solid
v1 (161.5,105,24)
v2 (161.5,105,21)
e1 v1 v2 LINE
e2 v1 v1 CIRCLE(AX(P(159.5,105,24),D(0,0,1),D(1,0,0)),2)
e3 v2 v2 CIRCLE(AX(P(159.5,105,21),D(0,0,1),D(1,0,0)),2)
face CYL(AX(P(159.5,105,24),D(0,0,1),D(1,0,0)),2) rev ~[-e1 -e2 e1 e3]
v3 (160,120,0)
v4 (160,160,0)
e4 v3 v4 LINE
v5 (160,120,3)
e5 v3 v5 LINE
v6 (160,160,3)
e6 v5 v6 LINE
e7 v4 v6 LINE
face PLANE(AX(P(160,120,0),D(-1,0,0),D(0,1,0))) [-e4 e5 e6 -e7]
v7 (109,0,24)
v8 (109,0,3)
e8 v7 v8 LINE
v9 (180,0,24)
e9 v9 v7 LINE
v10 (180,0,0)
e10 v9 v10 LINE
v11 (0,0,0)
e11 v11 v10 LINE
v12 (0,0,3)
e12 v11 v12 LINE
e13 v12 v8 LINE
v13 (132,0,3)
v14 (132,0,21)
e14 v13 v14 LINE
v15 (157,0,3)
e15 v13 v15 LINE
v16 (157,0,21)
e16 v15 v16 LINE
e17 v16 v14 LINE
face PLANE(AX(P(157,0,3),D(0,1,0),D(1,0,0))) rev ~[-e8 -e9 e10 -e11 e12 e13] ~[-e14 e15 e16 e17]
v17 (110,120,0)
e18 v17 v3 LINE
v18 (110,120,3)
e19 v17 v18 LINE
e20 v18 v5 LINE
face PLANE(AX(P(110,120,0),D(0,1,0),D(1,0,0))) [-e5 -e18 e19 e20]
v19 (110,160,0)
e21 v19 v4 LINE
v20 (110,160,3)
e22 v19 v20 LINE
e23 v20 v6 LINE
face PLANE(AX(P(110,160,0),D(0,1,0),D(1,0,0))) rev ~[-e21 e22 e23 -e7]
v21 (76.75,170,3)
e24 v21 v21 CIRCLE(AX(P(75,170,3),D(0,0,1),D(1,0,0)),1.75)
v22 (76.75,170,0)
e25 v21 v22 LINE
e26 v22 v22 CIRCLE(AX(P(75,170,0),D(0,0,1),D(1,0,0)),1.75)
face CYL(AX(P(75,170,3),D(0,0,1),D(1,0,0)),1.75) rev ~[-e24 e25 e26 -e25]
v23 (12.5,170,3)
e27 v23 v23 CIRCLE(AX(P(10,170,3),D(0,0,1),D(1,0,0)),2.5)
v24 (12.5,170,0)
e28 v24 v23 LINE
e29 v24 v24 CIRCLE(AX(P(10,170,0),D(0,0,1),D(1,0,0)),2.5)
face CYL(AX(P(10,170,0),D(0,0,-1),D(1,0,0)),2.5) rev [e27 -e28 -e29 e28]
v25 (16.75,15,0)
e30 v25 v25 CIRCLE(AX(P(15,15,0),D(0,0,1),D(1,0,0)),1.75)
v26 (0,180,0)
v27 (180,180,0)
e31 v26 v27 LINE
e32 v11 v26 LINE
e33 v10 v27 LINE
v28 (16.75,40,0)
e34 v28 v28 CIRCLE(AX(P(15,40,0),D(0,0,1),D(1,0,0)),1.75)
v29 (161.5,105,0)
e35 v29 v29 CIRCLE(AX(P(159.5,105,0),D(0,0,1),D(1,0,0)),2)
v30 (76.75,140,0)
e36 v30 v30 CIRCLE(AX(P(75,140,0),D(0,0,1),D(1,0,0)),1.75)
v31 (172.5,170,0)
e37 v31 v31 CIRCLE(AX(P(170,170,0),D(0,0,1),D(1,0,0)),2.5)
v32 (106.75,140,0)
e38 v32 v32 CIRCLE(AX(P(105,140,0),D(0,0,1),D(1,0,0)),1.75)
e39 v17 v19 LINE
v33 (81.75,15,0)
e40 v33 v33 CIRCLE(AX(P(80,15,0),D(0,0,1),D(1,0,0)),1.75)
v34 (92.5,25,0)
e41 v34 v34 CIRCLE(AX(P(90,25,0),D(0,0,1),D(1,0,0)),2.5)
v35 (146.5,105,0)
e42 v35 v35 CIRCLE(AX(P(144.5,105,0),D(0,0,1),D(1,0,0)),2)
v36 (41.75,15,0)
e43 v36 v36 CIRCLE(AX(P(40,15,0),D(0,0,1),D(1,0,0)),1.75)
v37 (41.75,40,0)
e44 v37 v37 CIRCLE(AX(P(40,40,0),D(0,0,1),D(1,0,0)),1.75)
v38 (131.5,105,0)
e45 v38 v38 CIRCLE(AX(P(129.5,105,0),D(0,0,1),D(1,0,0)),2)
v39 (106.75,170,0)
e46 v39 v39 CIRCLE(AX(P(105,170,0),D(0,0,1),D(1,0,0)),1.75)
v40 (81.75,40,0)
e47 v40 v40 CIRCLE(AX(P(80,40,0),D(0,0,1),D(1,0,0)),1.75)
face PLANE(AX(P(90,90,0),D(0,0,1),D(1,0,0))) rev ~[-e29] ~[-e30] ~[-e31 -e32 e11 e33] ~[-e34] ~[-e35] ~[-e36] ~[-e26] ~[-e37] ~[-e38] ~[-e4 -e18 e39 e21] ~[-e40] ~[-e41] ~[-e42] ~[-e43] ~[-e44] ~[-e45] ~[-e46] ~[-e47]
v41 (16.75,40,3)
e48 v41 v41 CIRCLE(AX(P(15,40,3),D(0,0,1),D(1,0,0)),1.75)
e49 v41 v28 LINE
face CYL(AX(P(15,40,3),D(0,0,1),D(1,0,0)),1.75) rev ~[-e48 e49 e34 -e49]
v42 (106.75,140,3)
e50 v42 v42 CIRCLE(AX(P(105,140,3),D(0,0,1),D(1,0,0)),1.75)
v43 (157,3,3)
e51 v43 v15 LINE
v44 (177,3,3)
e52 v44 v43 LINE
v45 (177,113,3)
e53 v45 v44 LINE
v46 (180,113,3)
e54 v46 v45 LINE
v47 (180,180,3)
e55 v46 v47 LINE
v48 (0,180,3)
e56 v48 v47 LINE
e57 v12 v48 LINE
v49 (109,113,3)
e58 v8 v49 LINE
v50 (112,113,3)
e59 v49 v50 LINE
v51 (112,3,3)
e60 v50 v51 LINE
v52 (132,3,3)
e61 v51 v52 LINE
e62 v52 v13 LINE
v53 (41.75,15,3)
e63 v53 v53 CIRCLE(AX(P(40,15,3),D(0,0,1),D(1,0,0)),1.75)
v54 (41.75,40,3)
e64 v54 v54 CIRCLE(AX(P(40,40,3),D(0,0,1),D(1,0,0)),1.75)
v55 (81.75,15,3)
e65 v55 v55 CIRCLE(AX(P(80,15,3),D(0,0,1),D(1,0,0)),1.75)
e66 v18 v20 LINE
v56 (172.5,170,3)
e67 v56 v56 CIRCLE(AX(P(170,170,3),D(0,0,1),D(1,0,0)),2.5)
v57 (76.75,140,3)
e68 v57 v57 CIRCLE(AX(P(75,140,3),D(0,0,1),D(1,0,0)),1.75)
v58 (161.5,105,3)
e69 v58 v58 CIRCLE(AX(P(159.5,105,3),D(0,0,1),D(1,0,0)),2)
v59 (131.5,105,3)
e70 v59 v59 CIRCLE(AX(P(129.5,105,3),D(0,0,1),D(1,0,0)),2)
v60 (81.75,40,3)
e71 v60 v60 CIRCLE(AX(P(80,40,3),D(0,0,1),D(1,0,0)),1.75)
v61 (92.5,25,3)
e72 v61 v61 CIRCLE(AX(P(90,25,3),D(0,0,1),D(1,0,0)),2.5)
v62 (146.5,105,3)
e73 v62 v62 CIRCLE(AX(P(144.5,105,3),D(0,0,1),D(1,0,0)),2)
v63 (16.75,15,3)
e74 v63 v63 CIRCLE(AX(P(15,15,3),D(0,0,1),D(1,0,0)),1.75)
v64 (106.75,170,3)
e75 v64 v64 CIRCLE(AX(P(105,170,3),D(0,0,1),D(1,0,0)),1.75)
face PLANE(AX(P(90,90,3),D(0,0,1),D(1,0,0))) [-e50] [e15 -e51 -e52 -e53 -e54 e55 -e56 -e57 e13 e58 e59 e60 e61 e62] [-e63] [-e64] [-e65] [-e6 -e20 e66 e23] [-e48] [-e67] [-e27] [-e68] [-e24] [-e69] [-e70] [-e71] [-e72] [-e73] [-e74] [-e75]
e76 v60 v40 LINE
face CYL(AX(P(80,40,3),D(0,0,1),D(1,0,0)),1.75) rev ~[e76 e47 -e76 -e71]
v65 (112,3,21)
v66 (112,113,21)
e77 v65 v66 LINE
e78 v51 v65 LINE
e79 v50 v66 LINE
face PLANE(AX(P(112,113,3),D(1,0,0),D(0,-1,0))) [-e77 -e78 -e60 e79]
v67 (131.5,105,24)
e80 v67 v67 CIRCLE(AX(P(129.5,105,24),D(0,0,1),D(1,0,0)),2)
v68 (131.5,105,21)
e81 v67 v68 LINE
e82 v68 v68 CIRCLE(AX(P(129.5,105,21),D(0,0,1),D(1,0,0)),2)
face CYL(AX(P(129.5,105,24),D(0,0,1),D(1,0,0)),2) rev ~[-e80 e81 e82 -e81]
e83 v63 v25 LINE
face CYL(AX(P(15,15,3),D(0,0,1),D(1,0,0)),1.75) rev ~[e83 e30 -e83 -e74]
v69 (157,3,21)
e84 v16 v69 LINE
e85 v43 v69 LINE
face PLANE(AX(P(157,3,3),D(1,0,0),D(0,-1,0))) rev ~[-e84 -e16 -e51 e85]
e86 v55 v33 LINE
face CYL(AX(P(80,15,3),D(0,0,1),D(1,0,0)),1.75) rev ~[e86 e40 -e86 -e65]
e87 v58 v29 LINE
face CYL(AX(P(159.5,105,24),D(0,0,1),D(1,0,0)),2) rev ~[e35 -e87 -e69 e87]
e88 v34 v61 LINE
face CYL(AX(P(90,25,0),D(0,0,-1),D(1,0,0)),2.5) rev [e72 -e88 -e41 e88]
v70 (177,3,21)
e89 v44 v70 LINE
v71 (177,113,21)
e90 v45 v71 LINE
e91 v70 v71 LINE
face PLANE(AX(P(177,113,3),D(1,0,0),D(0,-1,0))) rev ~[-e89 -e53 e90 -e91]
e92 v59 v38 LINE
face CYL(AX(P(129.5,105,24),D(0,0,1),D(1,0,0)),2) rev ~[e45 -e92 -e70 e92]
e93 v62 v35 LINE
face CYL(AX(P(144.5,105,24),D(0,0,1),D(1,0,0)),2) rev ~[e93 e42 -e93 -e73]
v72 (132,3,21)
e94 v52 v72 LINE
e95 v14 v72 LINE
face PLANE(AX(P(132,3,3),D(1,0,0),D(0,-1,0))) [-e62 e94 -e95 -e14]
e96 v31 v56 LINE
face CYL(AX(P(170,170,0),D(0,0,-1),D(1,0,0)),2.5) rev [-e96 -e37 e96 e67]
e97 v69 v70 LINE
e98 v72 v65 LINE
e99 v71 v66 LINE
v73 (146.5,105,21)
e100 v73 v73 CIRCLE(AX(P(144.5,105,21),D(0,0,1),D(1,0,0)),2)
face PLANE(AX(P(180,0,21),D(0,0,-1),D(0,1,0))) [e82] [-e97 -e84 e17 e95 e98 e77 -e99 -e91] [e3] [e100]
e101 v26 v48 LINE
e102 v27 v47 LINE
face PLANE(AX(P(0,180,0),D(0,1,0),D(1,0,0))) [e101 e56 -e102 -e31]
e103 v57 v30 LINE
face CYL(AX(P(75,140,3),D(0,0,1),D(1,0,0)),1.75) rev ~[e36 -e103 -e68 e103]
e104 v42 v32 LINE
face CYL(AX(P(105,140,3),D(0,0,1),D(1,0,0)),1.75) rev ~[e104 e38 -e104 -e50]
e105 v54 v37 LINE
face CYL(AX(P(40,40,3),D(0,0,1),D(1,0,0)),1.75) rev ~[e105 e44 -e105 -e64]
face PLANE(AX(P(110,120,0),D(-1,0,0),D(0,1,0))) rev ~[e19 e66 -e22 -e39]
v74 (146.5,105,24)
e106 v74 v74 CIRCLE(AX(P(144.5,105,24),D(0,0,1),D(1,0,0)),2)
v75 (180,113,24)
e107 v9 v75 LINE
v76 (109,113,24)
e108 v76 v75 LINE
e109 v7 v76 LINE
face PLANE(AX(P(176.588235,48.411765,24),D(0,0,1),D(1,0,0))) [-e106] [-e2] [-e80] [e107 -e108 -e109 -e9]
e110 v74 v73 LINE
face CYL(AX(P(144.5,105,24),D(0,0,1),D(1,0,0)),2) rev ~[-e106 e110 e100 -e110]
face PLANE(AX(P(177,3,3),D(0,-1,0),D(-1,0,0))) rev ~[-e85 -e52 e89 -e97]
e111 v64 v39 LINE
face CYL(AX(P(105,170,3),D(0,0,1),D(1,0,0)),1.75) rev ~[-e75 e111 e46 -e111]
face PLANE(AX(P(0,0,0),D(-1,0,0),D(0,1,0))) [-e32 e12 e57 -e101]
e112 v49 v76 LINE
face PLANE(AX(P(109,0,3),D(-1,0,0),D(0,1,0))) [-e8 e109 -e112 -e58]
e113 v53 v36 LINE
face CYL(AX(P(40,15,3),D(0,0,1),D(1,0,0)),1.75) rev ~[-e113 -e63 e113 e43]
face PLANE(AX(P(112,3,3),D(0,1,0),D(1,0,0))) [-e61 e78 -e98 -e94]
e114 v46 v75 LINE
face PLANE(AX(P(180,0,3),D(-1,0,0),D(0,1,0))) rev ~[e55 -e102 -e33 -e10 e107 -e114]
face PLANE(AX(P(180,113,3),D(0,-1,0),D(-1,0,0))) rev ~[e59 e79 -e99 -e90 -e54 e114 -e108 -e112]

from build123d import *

# Parameters (mm, degrees)
SKETCH_W        = 180
SKETCH_H        = 180
SKETCH_R        = 2.5
SKETCH_W_2      = 50
SKETCH_H_2      = 40
PAD_DEPTH       = 3
PAD001_DEPTH    = 21
SKETCH002_W     = 113
SKETCH002_H     = 3
PAD002_DEPTH    = 71
SKETCH003_R     = 2
POCKET_DEPTH    = 100
SKETCH004_R     = 1.75
POCKET001_DEPTH = 5
SKETCH005_R     = 1.75
POCKET002_DEPTH = 5


with BuildPart() as part:
    # Sketch → Pad (new body)
    with BuildSketch(Plane.XY):
        with Locations((90, 90)):
            Rectangle(SKETCH_W, SKETCH_H)
        with Locations((90, 25)):
            Circle(SKETCH_R, mode=Mode.SUBTRACT)
        with Locations((10, 170)):
            Circle(SKETCH_R, mode=Mode.SUBTRACT)
        with Locations((170, 170)):
            Circle(SKETCH_R, mode=Mode.SUBTRACT)
        with Locations((135, 140)):
            Rectangle(SKETCH_W_2, SKETCH_H_2, mode=Mode.SUBTRACT)
    extrude(amount=PAD_DEPTH)

    # Sketch001 (on Face13 of Pad) → Pad001 (join)
    with BuildSketch(Plane.XY.offset(3)):
        Polygon((180, 0), (180, 113), (177, 113), (177, 3), (157, 3), (157, 0), align=None)
        Polygon((112, 113), (112, 3), (132, 3), (132, 0), (109, 0), (109, 113), align=None)
    extrude(amount=PAD001_DEPTH)

    # Sketch002 (on Face9 of Pad001) → Pad002 (join)
    with BuildSketch(Plane.YZ.offset(180)):
        with Locations((56.5, 22.5)):
            Rectangle(SKETCH002_W, SKETCH002_H)
    extrude(amount=-PAD002_DEPTH)

    # Sketch003 (on Face37 of Pad002) → Pocket (cut)
    with BuildSketch(Plane.XY.offset(24)):
        with Locations((129.5, 105)):
            Circle(SKETCH003_R)
        with Locations((144.5, 105)):
            Circle(SKETCH003_R)
        with Locations((159.5, 105)):
            Circle(SKETCH003_R)
    extrude(amount=-POCKET_DEPTH, mode=Mode.SUBTRACT)

    # Sketch004 (on Face5 of Pocket) → Pocket001 (cut)
    with BuildSketch(Plane.XY.offset(3)):
        with Locations((75, 170)):
            Circle(SKETCH004_R)
        with Locations((105, 170)):
            Circle(SKETCH004_R)
        with Locations((75, 140)):
            Circle(SKETCH004_R)
        with Locations((105, 140)):
            Circle(SKETCH004_R)
    extrude(amount=-POCKET001_DEPTH, mode=Mode.SUBTRACT)

    # Sketch005 (on Face5 of Pocket001) → Pocket002 (cut)
    with BuildSketch(Plane.XY.offset(3)):
        with Locations((15, 15)):
            Circle(SKETCH005_R)
        with Locations((15, 40)):
            Circle(SKETCH005_R)
        with Locations((40, 40)):
            Circle(SKETCH005_R)
        with Locations((40, 15)):
            Circle(SKETCH005_R)
        with Locations((80, 40)):
            Circle(SKETCH005_R)
        with Locations((80, 15)):
            Circle(SKETCH005_R)
    extrude(amount=-POCKET002_DEPTH, mode=Mode.SUBTRACT)


solid = part.part
